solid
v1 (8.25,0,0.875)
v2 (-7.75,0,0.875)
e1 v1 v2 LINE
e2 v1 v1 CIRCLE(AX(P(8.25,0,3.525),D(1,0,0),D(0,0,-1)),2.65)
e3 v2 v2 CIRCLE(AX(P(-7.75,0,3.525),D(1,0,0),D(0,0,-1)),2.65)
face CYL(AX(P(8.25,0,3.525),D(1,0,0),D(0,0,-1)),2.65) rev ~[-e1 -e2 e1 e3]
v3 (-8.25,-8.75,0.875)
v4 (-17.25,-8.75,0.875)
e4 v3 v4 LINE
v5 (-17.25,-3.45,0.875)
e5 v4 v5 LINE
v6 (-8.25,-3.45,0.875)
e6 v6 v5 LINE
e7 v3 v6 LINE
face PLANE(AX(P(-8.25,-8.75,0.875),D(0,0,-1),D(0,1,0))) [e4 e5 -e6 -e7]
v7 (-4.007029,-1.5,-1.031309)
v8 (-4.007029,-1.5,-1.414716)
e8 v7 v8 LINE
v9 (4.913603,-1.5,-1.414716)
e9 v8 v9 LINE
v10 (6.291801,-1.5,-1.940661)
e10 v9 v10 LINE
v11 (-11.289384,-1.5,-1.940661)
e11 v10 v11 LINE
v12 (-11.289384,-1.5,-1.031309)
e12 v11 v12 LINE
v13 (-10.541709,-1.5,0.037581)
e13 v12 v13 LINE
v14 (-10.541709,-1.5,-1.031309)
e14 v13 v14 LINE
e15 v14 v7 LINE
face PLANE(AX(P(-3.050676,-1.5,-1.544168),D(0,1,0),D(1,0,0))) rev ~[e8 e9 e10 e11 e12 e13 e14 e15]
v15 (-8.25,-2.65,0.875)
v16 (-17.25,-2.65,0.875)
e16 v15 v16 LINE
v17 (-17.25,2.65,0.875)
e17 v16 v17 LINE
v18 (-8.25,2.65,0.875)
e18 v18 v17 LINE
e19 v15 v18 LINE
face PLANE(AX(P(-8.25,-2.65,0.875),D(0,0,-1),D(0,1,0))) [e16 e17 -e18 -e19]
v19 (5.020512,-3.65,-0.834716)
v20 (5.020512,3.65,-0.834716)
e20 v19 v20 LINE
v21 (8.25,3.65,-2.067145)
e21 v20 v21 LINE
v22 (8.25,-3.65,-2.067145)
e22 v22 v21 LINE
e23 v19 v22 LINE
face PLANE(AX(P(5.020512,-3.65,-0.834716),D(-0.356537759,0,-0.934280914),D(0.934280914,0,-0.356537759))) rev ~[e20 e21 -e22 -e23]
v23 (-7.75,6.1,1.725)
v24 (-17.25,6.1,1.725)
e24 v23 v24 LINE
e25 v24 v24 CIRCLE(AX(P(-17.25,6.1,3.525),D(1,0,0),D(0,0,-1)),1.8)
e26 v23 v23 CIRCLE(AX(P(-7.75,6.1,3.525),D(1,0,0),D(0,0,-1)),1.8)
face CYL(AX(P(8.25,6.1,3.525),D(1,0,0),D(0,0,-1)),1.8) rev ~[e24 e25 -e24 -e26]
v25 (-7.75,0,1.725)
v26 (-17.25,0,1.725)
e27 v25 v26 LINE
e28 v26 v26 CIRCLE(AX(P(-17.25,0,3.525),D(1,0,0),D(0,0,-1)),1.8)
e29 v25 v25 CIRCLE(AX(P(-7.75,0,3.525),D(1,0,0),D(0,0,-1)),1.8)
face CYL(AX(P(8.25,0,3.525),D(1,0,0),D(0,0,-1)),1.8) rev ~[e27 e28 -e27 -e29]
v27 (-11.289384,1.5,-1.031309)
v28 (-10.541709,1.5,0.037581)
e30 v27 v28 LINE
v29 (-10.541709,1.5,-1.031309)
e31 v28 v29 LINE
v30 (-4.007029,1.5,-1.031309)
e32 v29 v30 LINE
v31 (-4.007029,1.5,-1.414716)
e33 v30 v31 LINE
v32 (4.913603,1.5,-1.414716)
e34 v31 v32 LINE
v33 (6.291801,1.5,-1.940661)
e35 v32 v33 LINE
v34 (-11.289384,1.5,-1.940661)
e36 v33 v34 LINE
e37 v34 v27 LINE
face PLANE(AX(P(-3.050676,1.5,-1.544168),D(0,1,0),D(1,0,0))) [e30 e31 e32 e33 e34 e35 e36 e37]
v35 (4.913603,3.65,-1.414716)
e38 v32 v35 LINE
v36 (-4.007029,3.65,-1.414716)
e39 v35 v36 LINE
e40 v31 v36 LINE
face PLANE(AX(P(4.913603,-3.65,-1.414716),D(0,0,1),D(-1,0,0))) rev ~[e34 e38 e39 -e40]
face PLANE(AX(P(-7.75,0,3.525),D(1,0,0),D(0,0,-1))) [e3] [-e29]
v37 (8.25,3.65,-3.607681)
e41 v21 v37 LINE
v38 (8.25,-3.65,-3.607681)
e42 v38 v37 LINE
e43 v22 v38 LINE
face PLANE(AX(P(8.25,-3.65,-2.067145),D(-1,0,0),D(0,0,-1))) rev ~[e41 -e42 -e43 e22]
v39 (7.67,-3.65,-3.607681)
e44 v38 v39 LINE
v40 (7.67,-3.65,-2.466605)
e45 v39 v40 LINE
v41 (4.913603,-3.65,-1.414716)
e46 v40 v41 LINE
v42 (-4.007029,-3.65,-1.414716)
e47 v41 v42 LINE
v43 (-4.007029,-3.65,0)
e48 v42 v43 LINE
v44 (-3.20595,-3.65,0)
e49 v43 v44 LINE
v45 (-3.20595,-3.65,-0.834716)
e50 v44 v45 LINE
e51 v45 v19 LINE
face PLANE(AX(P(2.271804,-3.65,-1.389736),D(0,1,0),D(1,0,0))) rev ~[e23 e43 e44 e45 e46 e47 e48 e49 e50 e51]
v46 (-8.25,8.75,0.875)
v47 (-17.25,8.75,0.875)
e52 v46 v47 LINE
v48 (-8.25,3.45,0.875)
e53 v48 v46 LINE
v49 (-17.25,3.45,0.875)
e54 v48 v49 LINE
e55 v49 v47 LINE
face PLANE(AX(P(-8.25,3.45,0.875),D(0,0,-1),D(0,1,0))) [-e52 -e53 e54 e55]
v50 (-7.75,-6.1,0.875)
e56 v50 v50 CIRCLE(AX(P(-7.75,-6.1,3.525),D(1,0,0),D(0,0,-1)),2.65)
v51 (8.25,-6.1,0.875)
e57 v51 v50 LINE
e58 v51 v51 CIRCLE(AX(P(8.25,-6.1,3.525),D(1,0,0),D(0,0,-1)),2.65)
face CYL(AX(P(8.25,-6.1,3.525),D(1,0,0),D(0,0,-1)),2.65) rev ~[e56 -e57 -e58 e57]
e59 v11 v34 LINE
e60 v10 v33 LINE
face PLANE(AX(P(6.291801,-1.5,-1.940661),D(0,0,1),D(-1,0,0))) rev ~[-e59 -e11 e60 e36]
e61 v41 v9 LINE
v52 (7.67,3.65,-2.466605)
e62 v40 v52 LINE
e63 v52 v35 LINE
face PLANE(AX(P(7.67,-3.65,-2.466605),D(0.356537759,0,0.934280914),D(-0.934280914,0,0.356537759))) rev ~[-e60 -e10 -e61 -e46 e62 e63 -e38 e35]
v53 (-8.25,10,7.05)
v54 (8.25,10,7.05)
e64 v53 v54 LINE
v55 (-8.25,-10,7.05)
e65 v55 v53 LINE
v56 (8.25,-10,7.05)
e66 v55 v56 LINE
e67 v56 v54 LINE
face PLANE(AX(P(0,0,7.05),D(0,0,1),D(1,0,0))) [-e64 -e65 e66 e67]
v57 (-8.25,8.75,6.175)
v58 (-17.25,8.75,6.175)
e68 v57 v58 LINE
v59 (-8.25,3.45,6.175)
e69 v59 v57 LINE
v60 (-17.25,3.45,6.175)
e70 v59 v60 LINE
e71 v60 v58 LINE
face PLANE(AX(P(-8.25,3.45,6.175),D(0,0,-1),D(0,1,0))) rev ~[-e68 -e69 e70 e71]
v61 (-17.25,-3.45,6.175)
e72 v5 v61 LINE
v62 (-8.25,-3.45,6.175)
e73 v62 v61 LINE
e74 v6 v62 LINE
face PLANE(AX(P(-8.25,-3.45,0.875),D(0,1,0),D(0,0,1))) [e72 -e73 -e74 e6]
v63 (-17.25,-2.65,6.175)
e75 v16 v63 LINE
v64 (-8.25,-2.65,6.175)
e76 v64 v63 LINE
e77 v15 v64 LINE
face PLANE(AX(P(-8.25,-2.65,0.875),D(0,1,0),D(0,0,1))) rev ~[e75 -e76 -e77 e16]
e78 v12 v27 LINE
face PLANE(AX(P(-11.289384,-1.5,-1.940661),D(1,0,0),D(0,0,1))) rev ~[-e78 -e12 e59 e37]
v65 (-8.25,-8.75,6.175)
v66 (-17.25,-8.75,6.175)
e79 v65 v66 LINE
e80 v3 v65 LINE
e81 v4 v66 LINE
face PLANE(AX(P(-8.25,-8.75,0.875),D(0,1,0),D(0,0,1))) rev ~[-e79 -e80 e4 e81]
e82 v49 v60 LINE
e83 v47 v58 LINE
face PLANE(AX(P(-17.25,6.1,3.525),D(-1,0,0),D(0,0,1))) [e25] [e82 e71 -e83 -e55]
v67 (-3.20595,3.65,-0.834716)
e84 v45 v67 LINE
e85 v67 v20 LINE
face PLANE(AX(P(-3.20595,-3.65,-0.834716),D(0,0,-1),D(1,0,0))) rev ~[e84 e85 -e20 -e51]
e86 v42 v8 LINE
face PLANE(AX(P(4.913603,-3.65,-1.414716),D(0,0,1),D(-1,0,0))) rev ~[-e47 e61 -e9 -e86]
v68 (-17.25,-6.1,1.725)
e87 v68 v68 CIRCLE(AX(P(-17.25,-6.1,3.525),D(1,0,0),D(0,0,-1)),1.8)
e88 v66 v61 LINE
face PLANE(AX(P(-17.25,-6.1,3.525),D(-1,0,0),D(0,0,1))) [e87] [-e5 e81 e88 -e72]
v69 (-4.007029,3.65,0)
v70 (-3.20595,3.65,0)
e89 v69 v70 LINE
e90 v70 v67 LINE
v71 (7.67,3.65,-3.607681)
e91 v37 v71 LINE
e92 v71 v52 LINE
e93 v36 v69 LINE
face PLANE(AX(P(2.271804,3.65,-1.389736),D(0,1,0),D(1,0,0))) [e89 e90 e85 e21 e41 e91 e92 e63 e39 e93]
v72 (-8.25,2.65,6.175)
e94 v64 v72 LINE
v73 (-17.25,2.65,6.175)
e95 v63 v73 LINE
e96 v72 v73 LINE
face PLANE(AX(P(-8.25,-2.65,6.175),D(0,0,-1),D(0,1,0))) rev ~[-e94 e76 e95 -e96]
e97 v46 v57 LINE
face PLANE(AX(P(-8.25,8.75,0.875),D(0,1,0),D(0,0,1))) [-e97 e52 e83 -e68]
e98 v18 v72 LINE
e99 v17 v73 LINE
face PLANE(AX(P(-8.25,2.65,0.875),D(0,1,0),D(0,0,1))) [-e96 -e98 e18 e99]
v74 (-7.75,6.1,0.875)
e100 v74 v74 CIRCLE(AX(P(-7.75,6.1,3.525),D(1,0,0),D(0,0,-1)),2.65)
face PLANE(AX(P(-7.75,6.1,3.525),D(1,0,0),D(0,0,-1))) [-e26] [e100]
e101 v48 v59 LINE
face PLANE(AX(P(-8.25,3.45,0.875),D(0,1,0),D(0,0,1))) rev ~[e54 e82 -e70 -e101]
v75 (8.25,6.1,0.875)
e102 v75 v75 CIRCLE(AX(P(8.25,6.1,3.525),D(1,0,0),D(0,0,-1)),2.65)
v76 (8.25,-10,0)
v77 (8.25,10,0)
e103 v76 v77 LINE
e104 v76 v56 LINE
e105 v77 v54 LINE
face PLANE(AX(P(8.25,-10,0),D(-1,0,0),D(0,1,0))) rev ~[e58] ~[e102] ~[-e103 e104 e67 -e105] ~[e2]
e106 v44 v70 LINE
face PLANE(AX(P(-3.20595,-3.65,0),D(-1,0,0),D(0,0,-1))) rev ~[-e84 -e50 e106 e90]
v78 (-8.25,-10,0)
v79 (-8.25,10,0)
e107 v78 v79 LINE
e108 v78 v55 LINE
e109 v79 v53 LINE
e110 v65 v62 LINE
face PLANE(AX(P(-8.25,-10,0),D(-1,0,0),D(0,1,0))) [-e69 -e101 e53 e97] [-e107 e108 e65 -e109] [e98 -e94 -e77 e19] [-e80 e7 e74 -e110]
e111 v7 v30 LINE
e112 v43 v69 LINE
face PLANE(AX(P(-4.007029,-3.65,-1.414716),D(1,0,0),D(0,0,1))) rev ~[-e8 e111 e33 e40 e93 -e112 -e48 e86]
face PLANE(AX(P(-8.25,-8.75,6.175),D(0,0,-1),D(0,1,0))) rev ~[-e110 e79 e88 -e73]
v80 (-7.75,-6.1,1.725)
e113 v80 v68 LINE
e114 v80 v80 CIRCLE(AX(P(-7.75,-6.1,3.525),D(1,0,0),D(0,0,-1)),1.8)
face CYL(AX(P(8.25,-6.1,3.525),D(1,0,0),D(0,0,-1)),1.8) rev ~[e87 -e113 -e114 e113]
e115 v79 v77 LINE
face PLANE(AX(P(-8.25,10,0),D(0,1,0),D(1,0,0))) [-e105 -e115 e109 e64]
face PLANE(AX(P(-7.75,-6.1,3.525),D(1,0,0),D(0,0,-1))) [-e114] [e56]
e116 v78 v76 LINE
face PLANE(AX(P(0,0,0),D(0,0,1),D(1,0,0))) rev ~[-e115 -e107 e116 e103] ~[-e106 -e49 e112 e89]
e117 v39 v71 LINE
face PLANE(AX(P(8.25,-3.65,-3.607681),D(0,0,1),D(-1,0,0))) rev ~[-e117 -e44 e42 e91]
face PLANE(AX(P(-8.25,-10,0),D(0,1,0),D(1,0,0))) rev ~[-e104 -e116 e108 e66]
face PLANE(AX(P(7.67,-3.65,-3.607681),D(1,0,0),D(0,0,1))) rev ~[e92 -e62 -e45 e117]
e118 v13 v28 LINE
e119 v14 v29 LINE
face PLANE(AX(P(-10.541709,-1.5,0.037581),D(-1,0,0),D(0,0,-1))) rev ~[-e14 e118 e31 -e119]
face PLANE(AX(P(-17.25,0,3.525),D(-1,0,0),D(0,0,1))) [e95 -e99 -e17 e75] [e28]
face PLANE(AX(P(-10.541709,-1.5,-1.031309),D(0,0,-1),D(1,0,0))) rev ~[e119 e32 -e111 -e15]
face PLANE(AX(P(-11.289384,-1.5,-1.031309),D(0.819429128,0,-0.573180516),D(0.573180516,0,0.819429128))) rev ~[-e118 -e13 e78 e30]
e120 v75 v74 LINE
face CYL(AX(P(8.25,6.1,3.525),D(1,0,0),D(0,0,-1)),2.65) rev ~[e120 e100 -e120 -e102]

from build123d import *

# Parameters (mm, degrees)
SKETCH_1_W           = 16.5
SKETCH_1_H           = 20
EXTRUDE_1_DEPTH      = 7.05
SKETCH_2_W           = 5.3
SKETCH_2_H           = 5.3
EXTRUDE_2_DEPTH      = 9
SKETCH_3_R           = 1.8
CUT_EXTRUDE_1_DEPTH  = 26
SKETCH_4_R           = 2.65
CUT_EXTRUDE_4_DEPTH  = 16
EXTRUDE_3_DEPTH      = 3.65
EXTRUDE_3_DEPTH_BACK = 3.65
EXTRUDE_4_DEPTH      = 1.5
EXTRUDE_4_DEPTH_BACK = 1.5


with BuildPart() as part:
    # 草图1 → 凸台-拉伸1 (new body)
    with BuildSketch(Plane.XY):
        Rectangle(SKETCH_1_W, SKETCH_1_H)
    extrude(amount=EXTRUDE_1_DEPTH)

    # 草图2 → 凸台-拉伸2 (add)
    with BuildSketch(Plane.ZY.offset(8.25)):
        with Locations((3.525, 6.1)):
            Rectangle(SKETCH_2_W, SKETCH_2_H)
        with Locations((3.525, 0)):
            Rectangle(SKETCH_2_W, SKETCH_2_H)
        with Locations((3.525, -6.1)):
            Rectangle(SKETCH_2_W, SKETCH_2_H)
    extrude(amount=EXTRUDE_2_DEPTH)

    # 草图3 → 切除-拉伸1 (cut)
    with BuildSketch(Plane(origin=(8.25, 0, 0), x_dir=(0, 0, -1), z_dir=(1, 0, 0))):
        with Locations((-3.525, 0)):
            Circle(SKETCH_3_R)
        with Locations((-3.525, 6.1)):
            Circle(SKETCH_3_R)
        with Locations((-3.525, -6.1)):
            Circle(SKETCH_3_R)
    extrude(amount=-CUT_EXTRUDE_1_DEPTH, mode=Mode.SUBTRACT)

    # 草图4 → 切除-拉伸4 (cut)
    with BuildSketch(Plane(origin=(8.25, 0, 0), x_dir=(0, 0, -1), z_dir=(1, 0, 0))):
        with Locations((-3.525, 0)):
            Circle(SKETCH_4_R)
        with Locations((-3.525, 6.1)):
            Circle(SKETCH_4_R)
        with Locations((-3.525, -6.1)):
            Circle(SKETCH_4_R)
    extrude(amount=-CUT_EXTRUDE_4_DEPTH, mode=Mode.SUBTRACT)

    # 草图6 → 凸台-拉伸3 (add, two sides: drawn at the far end of the back side and taken through both)
    with BuildSketch(Plane(origin=(0, 0, 0), x_dir=(1, 0, 0), z_dir=(0, 1, 0)).offset(-EXTRUDE_3_DEPTH_BACK)):
        Polygon((-3.205949892, 0.834716435), (5.020511508, 0.834716435), (8.25, 2.067145109), (8.25, 3.607680952), (7.67, 3.607680952), (7.67, 3.027680952), (7.67, 2.466605373), (4.91360258, 1.414716435), (-3.205949892, 1.414716435), (-4.00702853, 1.414716435), (-4.00702853, 0), (-3.205949892, 0), align=None)
    extrude(amount=EXTRUDE_3_DEPTH + EXTRUDE_3_DEPTH_BACK)

    # 草图7 → 凸台-拉伸4 (add, two sides: drawn at the far end of the back side and taken through both)
    with BuildSketch(Plane(origin=(0, 0, 0), x_dir=(1, 0, 0), z_dir=(0, 1, 0)).offset(-EXTRUDE_4_DEPTH_BACK)):
        Polygon((6.29180129, 1.940660904), (-11.289383921, 1.940660904), (-11.289383921, 1.03130852), (-10.541709173, -0.037580686), (-10.541709173, 1.03130852), (-4.00702853, 1.03130852), (-4.00702853, 1.414716435), (4.91360258, 1.414716435), align=None)
    extrude(amount=EXTRUDE_4_DEPTH + EXTRUDE_4_DEPTH_BACK)


solid = part.part
